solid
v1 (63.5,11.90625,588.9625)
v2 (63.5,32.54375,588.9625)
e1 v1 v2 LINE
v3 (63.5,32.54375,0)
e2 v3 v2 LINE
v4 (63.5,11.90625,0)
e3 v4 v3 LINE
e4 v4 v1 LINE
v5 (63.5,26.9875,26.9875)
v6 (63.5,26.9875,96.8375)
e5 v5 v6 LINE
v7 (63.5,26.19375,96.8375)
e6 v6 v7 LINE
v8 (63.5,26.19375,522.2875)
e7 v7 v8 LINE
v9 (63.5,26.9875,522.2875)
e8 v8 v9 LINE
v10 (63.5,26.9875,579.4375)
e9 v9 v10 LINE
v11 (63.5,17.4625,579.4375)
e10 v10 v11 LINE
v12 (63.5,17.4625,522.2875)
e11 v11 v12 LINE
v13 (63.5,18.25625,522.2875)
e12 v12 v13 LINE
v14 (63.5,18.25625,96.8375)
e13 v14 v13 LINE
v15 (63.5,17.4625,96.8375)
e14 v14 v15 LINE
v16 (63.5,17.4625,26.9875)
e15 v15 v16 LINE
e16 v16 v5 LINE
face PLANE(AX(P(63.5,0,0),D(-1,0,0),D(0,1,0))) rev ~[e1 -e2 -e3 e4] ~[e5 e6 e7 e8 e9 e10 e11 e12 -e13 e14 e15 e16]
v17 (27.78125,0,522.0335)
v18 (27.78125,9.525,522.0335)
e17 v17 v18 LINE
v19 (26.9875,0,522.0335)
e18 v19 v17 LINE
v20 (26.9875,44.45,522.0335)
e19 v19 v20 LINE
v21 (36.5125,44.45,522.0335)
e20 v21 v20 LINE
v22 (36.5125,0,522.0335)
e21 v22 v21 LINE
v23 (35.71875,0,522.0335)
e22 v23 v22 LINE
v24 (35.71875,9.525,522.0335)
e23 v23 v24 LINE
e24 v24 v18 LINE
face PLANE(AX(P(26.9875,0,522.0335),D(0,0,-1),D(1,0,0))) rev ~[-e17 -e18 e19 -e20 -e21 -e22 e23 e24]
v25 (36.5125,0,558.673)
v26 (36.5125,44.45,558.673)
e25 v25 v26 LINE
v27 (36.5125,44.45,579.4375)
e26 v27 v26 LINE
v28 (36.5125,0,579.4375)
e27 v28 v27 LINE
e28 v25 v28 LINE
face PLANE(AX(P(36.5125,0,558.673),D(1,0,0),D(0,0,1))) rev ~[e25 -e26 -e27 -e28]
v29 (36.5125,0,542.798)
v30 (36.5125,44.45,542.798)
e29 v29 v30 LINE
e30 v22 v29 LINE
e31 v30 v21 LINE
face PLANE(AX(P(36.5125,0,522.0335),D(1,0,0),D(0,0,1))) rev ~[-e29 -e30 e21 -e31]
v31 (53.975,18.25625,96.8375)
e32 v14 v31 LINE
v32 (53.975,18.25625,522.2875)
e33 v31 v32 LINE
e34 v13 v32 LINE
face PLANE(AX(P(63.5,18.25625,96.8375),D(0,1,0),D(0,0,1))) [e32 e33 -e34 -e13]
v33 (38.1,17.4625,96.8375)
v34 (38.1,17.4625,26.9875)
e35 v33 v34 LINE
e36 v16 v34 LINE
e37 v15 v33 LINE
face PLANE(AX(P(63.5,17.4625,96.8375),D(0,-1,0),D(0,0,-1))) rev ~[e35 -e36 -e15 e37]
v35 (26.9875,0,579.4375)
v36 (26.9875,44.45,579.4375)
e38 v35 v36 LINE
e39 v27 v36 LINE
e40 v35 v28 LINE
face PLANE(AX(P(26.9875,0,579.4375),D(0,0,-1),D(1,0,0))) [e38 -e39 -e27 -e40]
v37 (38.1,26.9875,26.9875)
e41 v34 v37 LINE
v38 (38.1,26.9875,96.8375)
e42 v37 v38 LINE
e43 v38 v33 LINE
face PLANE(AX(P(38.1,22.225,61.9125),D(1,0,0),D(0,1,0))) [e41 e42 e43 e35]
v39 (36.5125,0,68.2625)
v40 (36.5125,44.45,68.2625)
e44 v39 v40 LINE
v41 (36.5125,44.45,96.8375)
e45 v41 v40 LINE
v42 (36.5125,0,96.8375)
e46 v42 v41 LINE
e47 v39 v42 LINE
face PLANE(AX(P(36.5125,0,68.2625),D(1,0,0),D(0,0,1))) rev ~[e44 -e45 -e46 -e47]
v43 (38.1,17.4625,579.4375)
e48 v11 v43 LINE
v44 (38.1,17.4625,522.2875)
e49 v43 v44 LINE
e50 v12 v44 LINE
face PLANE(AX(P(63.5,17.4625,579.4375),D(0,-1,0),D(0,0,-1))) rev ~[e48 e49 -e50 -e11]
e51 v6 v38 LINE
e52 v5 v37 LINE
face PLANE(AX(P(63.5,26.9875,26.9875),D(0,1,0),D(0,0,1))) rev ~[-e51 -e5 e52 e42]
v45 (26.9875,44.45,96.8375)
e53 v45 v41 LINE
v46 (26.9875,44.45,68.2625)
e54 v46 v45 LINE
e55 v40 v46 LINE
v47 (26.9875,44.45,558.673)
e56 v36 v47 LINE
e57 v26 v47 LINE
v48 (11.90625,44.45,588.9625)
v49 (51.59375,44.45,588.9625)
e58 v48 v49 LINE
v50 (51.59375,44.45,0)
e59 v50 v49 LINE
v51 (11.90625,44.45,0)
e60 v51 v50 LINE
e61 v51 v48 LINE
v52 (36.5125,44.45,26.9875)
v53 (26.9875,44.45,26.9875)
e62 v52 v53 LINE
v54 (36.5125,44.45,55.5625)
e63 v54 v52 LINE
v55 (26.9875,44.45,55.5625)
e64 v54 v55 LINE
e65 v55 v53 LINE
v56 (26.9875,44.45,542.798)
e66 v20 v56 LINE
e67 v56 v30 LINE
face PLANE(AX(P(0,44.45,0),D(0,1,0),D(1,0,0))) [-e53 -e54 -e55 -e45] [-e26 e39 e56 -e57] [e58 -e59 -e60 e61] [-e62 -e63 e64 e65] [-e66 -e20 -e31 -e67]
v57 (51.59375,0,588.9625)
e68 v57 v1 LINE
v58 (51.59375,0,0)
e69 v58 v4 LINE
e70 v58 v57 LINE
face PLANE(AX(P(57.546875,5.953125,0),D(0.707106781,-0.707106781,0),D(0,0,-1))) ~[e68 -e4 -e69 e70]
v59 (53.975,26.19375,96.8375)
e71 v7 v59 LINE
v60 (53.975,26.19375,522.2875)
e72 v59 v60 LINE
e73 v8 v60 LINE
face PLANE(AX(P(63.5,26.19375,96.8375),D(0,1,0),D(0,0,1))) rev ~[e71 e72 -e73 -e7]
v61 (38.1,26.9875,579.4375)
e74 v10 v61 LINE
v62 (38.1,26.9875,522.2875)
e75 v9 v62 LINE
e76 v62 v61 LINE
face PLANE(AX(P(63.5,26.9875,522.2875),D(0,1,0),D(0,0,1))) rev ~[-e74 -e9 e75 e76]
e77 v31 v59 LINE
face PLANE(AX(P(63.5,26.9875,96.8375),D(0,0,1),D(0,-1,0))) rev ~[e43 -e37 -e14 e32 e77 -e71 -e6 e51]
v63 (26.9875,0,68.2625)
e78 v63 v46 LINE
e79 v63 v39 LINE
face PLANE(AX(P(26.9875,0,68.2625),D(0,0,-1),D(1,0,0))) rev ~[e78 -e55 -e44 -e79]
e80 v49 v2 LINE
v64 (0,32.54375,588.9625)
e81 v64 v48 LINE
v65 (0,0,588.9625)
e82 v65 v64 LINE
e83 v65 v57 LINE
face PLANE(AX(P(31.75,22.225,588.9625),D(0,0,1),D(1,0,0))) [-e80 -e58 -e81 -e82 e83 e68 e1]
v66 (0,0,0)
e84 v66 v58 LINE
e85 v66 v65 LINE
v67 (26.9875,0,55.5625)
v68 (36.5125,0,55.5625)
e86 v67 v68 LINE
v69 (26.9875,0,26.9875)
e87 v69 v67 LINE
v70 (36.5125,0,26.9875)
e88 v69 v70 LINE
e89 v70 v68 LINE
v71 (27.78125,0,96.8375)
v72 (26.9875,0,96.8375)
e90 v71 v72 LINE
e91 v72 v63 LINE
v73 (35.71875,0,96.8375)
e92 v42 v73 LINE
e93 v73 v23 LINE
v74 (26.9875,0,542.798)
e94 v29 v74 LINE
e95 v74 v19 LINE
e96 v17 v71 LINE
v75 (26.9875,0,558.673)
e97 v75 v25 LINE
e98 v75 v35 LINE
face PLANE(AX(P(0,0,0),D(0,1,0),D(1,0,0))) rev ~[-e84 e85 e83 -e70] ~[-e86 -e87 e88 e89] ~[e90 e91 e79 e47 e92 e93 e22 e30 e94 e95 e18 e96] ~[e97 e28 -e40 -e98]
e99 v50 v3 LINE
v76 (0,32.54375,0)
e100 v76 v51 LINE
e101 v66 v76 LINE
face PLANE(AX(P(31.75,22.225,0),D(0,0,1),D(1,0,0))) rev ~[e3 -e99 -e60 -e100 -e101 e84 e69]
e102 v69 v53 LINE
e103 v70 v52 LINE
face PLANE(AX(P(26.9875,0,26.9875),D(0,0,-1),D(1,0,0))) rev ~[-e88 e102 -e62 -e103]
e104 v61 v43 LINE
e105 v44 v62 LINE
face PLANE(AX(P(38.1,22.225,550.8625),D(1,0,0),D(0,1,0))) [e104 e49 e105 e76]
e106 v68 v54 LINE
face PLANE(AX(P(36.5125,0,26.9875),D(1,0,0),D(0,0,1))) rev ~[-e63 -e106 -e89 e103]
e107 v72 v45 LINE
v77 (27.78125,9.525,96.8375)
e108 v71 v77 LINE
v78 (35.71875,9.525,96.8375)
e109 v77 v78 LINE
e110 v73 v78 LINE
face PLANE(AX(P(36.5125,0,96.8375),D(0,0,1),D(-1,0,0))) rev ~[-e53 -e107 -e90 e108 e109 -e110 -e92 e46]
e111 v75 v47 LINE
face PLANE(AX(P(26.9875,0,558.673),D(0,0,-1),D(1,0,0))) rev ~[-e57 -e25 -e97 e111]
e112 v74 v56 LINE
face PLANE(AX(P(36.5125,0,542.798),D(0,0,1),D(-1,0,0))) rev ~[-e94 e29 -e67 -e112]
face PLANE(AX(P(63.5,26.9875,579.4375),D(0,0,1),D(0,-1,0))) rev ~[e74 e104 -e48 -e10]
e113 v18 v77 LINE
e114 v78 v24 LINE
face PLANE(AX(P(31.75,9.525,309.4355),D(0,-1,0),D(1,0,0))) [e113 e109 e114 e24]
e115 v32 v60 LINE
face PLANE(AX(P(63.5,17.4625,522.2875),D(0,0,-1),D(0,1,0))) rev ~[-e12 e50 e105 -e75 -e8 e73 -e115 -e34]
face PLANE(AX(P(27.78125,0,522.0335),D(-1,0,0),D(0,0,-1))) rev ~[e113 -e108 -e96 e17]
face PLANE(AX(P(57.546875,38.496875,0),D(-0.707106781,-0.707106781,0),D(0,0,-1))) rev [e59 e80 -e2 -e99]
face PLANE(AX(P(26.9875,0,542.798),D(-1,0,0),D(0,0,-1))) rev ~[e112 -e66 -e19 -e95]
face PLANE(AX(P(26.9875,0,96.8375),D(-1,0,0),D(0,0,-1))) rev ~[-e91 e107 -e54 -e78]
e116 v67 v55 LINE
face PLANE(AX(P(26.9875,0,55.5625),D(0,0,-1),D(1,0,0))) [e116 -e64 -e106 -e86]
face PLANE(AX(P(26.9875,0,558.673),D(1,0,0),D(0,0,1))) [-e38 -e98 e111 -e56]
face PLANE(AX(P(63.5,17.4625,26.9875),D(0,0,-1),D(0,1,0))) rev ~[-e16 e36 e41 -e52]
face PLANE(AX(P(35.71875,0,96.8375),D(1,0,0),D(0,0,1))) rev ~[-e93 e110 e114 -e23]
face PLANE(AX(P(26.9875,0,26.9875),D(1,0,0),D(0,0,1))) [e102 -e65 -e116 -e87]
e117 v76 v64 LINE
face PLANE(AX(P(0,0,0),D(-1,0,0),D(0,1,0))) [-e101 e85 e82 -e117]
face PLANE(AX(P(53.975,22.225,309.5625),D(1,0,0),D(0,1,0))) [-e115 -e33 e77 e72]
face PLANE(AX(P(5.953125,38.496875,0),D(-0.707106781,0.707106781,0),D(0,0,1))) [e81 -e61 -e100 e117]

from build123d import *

# Parameters (mm, degrees)
F0_W     = 63.5
F0_H     = 44.45
F1_DEPTH = 588.9625
F3_DEPTH = 25.4
F2_W     = 7.9375
F2_H     = 425.45
F4_DEPTH = 9.525
F6_DEPTH = 9.525
F5_W     = 9.525
F5_H     = 20.7645
F5_H_2   = 28.575
F7_DEPTH = 44.451
F8_SIZE  = 11.90625


with BuildPart() as f1:
    # F0 (on Top) → F1 (new body)
    with BuildSketch(Plane.XY):
        with Locations((31.75, 22.225)):
            Rectangle(F0_W, F0_H)
    extrude(amount=F1_DEPTH)

    # F2 (on face) → F3 (cut)
    with BuildSketch(Plane.YZ.offset(63.5)):
        Polygon((26.9875, 579.4375), (17.4625, 579.4375), (17.4625, 522.2875), (18.25625, 522.2875), (26.19375, 522.2875), (26.9875, 522.2875), align=None)
        Polygon((26.19375, 96.8375), (18.25625, 96.8375), (17.4625, 96.8375), (17.4625, 26.9875), (26.9875, 26.9875), (26.9875, 96.8375), align=None)
    extrude(amount=-F3_DEPTH, mode=Mode.SUBTRACT)

    # F2 (on face) → F4 (cut)
    with BuildSketch(Plane.YZ.offset(63.5)):
        with Locations((22.225, 309.5625)):
            Rectangle(F2_W, F2_H)
    extrude(amount=-F4_DEPTH, mode=Mode.SUBTRACT)

    # F5 (on face) → F6 (cut)
    with BuildSketch(Plane.XZ):
        Polygon((35.71875, 522.0335), (28.575, 522.0335), (27.78125, 522.0335), (27.78125, 96.8375), (35.71875, 96.8375), align=None)
    extrude(amount=-F6_DEPTH, mode=Mode.SUBTRACT)

    # F5 (on face) → F7 (cut, through all)
    with BuildSketch(Plane.XZ):
        with Locations((31.75, 569.05525)):
            Rectangle(F5_W, F5_H)
        Polygon((27.78125, 522.0335), (28.575, 522.0335), (35.71875, 522.0335), (36.5125, 522.0335), (36.5125, 542.798), (26.9875, 542.798), (26.9875, 522.0335), align=None)
        Polygon((35.71875, 96.8375), (27.78125, 96.8375), (26.9875, 96.8375), (26.9875, 68.2625), (36.5125, 68.2625), (36.5125, 96.8375), align=None)
        with Locations((31.75, 41.275)):
            Rectangle(F5_W, F5_H_2)
    extrude(amount=-F7_DEPTH, mode=Mode.SUBTRACT)

    # F8
    f8_edges = [f1.edges().sort_by_distance(p)[0] for p in [
        (63.5, 44.45, 294.48125),
        (0, 44.45, 294.48125),
        (63.5, 0, 294.48125),
    ]]
    chamfer(f8_edges, length=F8_SIZE)


solid = f1.part
